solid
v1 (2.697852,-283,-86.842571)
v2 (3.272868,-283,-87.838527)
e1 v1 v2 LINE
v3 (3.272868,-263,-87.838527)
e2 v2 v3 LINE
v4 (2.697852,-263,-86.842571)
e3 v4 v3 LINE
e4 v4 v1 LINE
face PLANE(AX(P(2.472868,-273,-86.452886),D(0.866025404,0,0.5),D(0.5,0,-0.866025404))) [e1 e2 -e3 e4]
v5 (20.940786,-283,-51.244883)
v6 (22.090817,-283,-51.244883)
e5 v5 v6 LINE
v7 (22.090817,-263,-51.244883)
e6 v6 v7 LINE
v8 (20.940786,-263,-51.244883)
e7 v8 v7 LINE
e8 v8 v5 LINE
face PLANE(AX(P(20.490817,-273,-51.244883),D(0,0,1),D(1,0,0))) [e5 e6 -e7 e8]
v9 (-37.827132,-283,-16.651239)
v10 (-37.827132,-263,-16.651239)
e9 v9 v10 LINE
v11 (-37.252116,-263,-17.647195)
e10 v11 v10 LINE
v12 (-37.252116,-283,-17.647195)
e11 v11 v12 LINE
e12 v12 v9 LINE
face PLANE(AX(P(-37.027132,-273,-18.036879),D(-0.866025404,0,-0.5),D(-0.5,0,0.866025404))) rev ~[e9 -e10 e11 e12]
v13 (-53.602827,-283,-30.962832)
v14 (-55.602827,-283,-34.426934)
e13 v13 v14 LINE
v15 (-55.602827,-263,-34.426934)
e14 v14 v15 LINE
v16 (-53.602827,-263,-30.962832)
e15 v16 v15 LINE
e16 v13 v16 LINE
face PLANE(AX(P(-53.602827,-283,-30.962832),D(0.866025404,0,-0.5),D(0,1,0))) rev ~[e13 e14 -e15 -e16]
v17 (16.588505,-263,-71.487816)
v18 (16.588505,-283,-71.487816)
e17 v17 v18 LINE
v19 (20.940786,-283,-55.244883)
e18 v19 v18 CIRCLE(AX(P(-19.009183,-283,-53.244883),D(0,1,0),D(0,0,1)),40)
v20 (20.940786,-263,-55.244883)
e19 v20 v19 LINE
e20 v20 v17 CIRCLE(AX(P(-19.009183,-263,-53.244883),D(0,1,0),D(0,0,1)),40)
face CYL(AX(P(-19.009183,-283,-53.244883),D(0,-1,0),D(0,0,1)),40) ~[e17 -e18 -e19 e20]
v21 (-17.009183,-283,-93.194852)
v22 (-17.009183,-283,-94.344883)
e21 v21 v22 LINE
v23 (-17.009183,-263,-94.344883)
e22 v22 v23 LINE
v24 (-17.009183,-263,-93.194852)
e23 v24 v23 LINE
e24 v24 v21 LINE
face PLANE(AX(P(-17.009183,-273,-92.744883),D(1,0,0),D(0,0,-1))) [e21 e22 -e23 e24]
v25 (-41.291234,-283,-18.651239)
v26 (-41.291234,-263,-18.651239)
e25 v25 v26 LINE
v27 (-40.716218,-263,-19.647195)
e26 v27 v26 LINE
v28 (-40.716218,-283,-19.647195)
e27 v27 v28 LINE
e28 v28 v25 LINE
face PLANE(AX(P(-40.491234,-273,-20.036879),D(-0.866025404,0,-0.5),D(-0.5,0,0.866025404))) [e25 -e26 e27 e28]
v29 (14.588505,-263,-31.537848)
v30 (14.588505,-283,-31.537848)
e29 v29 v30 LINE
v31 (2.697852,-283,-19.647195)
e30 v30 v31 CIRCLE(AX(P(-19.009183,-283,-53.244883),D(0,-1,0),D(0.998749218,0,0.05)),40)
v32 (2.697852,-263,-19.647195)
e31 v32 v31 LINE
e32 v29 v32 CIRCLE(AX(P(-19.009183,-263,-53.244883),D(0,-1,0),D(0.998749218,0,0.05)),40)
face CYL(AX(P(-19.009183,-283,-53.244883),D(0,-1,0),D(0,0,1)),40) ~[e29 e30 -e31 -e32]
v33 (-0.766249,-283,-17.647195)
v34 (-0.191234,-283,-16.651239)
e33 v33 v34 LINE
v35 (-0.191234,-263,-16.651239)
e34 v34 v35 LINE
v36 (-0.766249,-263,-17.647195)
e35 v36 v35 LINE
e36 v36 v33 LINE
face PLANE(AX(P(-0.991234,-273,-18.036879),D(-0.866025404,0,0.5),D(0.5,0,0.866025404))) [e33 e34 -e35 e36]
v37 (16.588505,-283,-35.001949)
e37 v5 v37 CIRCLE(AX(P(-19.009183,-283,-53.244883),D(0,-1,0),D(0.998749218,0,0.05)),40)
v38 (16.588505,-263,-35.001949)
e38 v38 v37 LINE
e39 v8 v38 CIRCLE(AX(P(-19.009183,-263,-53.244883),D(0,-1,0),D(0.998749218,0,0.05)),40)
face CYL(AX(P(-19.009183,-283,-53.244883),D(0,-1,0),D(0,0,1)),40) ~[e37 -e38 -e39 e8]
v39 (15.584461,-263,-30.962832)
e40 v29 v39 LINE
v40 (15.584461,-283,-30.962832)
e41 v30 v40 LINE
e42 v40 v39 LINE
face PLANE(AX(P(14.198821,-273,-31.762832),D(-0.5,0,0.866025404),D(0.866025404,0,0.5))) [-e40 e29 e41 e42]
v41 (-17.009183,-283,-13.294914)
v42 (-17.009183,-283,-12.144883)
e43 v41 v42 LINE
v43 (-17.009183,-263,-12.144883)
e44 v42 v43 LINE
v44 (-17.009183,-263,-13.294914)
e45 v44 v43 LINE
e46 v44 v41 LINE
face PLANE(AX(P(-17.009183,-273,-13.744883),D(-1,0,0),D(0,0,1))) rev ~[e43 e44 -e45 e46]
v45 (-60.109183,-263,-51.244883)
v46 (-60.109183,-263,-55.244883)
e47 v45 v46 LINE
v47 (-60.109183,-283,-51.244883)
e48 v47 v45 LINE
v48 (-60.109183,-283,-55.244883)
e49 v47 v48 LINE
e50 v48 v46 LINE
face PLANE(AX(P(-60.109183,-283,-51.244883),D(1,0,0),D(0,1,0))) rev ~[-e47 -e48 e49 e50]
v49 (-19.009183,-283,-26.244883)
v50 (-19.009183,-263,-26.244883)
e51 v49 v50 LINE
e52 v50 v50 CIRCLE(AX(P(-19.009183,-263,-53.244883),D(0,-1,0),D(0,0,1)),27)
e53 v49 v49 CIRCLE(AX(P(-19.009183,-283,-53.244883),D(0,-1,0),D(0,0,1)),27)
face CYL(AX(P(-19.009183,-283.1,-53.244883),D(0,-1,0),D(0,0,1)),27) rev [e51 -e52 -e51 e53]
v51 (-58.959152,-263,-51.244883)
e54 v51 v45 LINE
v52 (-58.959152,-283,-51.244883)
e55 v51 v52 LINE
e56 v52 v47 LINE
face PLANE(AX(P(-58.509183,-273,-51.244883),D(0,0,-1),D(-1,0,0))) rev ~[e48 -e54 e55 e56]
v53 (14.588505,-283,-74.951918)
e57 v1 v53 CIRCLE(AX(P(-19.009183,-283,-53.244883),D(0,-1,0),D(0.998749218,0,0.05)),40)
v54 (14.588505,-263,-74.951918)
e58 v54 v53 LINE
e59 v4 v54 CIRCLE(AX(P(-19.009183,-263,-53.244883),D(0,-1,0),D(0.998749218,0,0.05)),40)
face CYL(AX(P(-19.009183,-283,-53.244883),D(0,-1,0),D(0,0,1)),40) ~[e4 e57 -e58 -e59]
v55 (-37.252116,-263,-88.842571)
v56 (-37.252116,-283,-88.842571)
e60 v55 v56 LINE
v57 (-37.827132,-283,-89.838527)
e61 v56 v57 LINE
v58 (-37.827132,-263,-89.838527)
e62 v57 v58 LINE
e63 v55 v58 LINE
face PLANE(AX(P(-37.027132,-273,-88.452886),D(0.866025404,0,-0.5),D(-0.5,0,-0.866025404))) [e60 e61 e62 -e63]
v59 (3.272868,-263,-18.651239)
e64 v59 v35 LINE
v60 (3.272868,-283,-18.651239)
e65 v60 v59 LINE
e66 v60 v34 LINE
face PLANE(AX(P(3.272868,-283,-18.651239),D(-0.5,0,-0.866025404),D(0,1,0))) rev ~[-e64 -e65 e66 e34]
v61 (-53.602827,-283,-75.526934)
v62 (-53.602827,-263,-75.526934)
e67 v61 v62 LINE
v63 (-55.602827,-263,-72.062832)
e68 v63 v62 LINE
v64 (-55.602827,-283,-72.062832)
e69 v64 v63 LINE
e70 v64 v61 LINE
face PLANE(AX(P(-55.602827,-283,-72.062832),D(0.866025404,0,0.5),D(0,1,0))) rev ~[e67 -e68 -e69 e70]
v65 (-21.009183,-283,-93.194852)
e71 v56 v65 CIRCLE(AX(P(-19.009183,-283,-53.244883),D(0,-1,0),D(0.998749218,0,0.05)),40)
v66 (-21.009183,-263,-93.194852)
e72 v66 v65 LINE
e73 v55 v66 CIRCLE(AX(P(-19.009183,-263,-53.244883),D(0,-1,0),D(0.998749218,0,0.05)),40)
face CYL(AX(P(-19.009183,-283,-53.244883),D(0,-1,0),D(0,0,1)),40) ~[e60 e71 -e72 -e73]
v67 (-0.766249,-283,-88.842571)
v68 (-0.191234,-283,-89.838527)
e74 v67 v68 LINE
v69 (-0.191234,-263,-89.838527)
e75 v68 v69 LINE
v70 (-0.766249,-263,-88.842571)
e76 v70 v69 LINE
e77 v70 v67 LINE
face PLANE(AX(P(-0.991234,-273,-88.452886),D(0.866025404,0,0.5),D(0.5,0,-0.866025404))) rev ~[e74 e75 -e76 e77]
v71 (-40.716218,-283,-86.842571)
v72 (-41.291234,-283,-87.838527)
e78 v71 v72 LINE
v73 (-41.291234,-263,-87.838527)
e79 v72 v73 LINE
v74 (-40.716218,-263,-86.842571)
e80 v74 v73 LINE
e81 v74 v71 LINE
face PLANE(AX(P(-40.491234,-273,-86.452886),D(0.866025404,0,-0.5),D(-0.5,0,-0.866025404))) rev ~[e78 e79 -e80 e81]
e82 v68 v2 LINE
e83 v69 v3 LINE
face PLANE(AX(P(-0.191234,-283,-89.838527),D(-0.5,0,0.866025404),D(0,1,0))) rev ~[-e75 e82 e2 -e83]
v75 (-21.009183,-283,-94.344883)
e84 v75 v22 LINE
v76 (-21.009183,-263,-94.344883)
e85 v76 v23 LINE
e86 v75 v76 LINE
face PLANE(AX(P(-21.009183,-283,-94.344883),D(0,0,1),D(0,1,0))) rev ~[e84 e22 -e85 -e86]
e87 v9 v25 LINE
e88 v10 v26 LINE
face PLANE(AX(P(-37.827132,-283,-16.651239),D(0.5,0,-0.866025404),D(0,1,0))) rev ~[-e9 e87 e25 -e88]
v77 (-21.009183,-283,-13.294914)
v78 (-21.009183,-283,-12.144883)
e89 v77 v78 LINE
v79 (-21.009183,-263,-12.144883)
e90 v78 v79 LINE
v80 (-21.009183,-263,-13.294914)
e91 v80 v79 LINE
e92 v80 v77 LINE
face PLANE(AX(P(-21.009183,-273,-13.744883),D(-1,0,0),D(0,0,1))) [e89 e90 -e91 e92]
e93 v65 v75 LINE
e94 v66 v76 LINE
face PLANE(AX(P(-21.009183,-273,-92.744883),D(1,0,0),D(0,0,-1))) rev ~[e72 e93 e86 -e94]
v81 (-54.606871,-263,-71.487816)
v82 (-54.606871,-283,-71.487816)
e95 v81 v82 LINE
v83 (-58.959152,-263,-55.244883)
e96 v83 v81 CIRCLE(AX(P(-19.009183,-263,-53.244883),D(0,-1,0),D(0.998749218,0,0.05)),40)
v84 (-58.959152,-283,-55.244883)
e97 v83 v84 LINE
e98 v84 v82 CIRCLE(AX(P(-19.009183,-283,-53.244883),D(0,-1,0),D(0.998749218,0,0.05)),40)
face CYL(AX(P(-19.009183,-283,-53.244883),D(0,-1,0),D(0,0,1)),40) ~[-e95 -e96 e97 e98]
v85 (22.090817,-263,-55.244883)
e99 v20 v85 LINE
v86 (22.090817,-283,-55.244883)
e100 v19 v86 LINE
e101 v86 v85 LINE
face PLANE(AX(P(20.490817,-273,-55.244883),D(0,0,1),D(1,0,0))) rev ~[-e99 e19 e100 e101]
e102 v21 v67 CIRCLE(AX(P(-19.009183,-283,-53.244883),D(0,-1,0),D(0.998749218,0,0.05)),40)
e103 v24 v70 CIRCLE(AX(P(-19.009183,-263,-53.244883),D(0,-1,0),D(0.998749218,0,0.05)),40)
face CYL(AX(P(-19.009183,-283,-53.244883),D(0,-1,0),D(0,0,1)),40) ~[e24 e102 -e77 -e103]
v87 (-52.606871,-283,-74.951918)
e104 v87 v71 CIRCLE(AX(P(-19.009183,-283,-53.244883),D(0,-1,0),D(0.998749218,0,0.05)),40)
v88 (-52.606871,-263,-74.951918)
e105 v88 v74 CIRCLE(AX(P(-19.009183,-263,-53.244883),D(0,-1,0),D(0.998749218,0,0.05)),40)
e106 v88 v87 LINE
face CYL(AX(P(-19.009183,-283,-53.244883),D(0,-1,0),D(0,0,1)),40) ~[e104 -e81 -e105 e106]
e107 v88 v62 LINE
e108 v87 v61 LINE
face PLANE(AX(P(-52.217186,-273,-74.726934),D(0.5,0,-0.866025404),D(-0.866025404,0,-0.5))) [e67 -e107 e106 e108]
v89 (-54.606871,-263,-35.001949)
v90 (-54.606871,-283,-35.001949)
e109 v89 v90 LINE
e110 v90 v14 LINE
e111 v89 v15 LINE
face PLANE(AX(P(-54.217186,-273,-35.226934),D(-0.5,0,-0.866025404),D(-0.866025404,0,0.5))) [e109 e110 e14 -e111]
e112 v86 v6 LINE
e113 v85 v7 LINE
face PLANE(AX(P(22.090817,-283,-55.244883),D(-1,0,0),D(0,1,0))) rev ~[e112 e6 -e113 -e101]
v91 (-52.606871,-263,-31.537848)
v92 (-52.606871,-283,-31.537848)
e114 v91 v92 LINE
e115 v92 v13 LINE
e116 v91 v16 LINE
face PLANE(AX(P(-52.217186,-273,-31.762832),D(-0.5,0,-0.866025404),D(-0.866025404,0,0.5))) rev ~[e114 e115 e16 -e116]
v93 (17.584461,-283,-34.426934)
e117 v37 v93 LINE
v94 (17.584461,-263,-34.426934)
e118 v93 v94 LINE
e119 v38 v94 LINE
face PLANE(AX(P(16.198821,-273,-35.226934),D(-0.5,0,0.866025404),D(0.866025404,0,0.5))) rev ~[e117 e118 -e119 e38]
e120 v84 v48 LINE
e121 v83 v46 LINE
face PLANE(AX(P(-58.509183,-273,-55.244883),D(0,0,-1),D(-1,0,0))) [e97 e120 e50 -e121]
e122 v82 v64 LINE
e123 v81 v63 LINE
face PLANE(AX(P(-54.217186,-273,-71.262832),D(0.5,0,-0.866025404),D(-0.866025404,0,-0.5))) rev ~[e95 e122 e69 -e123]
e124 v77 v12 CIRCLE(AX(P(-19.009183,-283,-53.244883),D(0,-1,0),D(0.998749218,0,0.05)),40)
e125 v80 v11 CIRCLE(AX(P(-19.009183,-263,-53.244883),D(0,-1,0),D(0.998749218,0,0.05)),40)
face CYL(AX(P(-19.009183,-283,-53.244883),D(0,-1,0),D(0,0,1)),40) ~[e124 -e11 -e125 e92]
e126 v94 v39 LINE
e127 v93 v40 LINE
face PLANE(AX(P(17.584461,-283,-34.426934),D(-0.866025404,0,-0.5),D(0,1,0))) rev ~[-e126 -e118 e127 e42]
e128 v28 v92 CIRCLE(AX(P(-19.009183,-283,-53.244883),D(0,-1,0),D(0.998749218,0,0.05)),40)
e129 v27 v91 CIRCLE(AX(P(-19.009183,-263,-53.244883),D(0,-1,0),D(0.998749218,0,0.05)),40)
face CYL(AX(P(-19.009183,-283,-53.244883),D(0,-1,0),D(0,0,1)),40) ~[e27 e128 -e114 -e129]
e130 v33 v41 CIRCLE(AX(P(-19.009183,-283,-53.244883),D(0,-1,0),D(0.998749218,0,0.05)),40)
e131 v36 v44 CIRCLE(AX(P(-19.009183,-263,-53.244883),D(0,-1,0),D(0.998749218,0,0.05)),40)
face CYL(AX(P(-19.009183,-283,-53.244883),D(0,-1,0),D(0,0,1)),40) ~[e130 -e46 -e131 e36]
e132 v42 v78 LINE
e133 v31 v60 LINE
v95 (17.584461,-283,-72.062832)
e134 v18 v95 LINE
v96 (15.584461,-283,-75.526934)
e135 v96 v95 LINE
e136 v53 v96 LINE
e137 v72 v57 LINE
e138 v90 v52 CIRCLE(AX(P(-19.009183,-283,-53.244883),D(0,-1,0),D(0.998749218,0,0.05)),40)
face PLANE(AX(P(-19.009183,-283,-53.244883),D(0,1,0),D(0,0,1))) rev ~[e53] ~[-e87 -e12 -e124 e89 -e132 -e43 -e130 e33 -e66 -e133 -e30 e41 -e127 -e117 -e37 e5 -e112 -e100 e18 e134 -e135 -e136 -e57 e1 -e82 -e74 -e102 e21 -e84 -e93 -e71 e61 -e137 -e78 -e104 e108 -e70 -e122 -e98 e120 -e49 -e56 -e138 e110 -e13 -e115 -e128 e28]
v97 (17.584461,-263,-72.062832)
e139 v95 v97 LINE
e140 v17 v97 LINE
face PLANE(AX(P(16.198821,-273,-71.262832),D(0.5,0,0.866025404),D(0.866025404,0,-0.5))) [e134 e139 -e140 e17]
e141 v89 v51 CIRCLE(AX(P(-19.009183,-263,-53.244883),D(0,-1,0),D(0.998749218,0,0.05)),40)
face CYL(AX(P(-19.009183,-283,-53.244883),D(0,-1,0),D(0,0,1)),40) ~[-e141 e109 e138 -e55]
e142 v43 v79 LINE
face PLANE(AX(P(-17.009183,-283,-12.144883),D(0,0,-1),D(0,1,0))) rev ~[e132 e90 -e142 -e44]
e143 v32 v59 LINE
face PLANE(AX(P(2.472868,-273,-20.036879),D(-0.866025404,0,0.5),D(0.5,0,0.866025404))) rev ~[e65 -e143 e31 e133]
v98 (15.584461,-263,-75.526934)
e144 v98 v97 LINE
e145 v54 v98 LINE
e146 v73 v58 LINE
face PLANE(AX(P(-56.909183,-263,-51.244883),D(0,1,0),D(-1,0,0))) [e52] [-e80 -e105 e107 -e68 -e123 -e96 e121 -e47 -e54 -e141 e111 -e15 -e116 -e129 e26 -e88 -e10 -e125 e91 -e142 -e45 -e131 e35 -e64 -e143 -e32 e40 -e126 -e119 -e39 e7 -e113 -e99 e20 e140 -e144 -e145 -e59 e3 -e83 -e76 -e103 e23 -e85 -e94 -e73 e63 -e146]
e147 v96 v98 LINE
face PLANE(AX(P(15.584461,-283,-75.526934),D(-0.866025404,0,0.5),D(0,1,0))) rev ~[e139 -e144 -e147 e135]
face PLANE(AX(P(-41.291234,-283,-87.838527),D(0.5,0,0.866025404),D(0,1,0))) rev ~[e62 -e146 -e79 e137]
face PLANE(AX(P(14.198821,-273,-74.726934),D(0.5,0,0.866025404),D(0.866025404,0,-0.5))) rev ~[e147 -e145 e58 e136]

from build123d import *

# Parameters (mm, degrees)
TYRE_BASE_SKETCH_R     = 40
TYRE_BASE_DEPTH        = 20
RIM_BORE_SKETCH_R      = 27
RIM_BORE_DEPTH         = 20.2
TREAD_RIB_SKETCH_W     = 3.2
TREAD_RIB_SKETCH_H     = 20
TREAD_RIB_DEPTH        = 4
CIRCULARPATTERN1_COUNT = 12


with BuildPart() as part:
    # Tyre base sketch → Tyre base (new body)
    with BuildSketch(Plane(origin=(0, -283, 0), x_dir=(1, 0, 0), z_dir=(0, 1, 0))):
        with Locations((-19.009182883, 53.244882879)):
            Circle(TYRE_BASE_SKETCH_R)
    extrude(amount=TYRE_BASE_DEPTH)

    # Rim bore sketch → Rim bore (cut)
    with BuildSketch(Plane(origin=(0, -283.1, 0), x_dir=(1, 0, 0), z_dir=(0, 1, 0))):
        with Locations((-19.009182883, 53.244882879)):
            Circle(RIM_BORE_SKETCH_R)
    extrude(amount=RIM_BORE_DEPTH, mode=Mode.SUBTRACT)

    # Tread rib sketch → Tread rib (add)
    with BuildSketch(Plane.XY.offset(-55.244882879)):
        with Locations((20.490817117, -273)):
            Rectangle(TREAD_RIB_SKETCH_W, TREAD_RIB_SKETCH_H)
    tread_rib = extrude(amount=TREAD_RIB_DEPTH)

    # CircularPattern1: Tread rib ×12 about axis
    circularpattern1_axis = Axis((-19.009182883, -10, -53.244882879), (0, 1, 0))
    for i in range(1, CIRCULARPATTERN1_COUNT):
        add(tread_rib.rotate(circularpattern1_axis, i * 360 / CIRCULARPATTERN1_COUNT))


solid = part.part
